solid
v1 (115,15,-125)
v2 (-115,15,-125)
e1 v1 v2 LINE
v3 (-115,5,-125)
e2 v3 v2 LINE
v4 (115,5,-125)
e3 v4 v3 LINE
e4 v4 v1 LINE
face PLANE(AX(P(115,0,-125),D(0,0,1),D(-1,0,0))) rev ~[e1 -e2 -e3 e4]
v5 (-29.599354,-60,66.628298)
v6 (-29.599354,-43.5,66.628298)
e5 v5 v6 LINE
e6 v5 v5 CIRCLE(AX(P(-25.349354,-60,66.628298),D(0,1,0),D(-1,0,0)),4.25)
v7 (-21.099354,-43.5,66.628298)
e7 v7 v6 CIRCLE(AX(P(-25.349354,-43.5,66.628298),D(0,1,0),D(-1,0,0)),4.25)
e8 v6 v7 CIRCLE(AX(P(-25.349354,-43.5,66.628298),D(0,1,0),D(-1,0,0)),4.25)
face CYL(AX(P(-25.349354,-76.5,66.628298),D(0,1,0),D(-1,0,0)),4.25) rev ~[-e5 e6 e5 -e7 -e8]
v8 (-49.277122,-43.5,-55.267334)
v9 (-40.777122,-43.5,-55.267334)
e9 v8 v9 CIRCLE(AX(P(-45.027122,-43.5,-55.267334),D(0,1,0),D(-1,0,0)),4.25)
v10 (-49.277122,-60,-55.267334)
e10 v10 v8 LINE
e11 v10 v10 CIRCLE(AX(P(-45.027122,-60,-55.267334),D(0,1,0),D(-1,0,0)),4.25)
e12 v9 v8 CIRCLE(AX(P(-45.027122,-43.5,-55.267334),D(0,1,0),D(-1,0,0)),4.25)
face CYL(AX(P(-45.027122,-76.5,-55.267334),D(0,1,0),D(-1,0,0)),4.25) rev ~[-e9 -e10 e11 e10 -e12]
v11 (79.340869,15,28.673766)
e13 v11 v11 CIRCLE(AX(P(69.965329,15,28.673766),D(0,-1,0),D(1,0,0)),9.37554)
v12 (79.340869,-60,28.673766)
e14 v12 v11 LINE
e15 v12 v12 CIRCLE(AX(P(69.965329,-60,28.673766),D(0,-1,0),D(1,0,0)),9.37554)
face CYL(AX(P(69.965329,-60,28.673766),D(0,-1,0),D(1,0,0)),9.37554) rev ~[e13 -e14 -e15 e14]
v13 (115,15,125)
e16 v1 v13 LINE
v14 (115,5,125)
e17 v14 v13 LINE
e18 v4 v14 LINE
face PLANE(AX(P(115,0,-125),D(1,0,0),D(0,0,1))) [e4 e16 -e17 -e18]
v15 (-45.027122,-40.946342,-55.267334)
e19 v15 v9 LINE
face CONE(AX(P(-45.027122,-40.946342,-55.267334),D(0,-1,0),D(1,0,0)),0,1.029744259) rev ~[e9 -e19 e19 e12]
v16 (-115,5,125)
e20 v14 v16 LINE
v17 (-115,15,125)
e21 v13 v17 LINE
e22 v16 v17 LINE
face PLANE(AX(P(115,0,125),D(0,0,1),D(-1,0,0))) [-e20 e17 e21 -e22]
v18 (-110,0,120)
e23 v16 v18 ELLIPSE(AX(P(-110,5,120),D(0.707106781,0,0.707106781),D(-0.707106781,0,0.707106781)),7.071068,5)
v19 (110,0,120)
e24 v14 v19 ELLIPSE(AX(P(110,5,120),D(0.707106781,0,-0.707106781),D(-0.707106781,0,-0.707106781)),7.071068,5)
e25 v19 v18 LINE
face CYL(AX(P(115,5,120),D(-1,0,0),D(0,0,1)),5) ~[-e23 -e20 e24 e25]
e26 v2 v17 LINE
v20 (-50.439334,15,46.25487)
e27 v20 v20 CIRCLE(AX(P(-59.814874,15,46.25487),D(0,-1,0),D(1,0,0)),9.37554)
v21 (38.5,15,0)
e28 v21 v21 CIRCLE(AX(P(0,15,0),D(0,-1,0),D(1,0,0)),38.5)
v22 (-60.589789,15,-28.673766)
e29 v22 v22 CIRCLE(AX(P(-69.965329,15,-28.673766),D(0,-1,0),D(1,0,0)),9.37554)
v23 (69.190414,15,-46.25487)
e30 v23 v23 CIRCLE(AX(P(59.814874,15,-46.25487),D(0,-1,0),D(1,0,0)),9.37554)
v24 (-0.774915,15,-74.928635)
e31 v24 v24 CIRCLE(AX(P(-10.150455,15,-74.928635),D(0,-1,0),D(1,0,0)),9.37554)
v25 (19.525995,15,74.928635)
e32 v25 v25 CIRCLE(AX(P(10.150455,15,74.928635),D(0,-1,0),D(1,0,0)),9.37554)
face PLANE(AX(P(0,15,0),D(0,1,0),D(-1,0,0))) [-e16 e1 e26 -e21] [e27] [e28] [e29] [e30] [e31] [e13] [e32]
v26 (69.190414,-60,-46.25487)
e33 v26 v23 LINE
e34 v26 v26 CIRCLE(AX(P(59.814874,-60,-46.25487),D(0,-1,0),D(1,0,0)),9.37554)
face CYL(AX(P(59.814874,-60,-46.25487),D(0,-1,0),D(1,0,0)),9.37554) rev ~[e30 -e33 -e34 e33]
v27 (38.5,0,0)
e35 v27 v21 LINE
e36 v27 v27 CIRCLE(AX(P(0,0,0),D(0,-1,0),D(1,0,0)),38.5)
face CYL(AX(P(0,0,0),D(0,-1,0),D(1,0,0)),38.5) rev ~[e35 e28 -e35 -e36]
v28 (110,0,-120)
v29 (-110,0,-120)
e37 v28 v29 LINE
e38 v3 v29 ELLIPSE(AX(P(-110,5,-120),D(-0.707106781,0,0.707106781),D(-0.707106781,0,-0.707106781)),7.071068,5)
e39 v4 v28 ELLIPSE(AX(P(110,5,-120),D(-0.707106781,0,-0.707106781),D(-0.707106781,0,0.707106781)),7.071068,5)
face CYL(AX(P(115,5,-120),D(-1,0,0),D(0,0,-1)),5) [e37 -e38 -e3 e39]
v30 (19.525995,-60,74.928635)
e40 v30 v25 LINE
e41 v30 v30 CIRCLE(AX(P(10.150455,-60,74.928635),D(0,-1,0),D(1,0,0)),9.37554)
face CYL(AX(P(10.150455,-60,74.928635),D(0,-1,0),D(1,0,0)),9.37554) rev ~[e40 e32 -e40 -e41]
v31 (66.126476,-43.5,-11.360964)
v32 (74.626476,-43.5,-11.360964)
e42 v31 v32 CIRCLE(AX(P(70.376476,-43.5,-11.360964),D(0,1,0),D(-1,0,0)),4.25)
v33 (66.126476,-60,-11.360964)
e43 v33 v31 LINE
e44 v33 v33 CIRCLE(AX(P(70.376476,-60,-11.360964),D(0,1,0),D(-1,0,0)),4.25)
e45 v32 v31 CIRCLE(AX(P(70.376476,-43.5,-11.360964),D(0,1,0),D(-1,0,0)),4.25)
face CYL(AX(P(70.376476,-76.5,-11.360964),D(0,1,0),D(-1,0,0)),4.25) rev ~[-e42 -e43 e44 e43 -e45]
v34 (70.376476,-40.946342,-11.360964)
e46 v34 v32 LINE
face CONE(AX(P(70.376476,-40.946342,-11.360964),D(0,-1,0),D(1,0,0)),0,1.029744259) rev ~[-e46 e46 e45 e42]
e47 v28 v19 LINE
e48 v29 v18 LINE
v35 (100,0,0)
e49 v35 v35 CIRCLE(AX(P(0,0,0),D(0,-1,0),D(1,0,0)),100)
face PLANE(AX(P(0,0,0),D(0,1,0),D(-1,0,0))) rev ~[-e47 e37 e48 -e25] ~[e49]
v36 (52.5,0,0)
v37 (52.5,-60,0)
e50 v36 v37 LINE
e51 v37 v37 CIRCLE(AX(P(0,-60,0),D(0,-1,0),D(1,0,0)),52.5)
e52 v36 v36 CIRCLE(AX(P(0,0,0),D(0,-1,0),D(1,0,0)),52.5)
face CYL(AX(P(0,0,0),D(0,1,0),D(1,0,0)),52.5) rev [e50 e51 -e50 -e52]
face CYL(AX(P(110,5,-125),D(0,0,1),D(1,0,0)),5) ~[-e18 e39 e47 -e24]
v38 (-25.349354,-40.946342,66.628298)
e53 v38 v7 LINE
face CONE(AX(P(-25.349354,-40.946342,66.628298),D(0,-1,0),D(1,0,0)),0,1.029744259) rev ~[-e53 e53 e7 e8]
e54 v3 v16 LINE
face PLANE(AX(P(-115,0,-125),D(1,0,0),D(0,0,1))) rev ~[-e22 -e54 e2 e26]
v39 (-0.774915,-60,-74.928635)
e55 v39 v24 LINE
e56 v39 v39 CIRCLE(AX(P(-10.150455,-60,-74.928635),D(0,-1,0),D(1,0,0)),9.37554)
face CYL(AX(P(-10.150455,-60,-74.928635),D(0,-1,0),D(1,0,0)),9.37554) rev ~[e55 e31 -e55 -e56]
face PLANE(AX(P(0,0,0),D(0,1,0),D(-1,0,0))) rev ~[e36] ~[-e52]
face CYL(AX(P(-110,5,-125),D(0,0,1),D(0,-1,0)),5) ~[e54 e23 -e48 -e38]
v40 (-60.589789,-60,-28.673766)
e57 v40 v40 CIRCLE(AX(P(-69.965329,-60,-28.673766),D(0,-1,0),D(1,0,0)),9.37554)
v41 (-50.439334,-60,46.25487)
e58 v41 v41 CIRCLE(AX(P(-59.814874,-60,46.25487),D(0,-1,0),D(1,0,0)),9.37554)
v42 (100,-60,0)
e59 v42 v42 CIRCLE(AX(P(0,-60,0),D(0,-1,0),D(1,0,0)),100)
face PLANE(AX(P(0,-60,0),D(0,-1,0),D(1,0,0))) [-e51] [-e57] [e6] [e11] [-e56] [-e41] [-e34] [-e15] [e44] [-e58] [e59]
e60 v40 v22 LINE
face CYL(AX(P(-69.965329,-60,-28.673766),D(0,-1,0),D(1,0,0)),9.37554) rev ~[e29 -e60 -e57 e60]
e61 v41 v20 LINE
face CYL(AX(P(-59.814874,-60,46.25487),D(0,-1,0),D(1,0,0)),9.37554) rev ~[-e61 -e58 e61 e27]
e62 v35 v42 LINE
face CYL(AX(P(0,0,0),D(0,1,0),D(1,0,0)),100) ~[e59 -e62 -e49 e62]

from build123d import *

# Parameters (mm, degrees)
F0_R     = 100
F0_R_2   = 52.5
F1_DEPTH = 60
F3_W     = 230
F3_H     = 250
F4_DEPTH = 15
F2_R     = 9.3755397544
F5_DEPTH = 75.001
F6_R     = 38.5
F7_DEPTH = 15.001
F9_D     = 8.5
F9_DEPTH = 16.5
F9_TIP   = 2.5536576309
F10_R    = 5


with BuildPart() as f1:
    # F0 (on Front) → F1 (new body)
    with BuildSketch(Plane.XZ):
        Circle(F0_R)
        Circle(F0_R_2, mode=Mode.SUBTRACT)
    extrude(amount=F1_DEPTH)

    # F3 (on face) → F4 (join)
    with BuildSketch(Plane(origin=(0, 0, 0), x_dir=(-1, 0, 0), z_dir=(0, 1, 0))):
        Rectangle(F3_W, F3_H)
    extrude(amount=F4_DEPTH)

    # F2 (on face) → F5 (cut, through all)
    with BuildSketch(Plane.XZ.offset(60)):
        with Locations((-59.8148740828, 46.2548695505)):
            Circle(F2_R)
        with Locations((-69.9653291208, -28.6737657046)):
            Circle(F2_R)
        with Locations((-10.150455038, -74.9286352551)):
            Circle(F2_R)
        with Locations((59.8148740828, -46.2548695505)):
            Circle(F2_R)
        with Locations((69.9653291208, 28.6737657046)):
            Circle(F2_R)
        with Locations((10.150455038, 74.9286352551)):
            Circle(F2_R)
    extrude(amount=-F5_DEPTH, mode=Mode.SUBTRACT)

    # F6 (on face) → F7 (cut, through all)
    with BuildSketch(Plane.XZ):
        Circle(F6_R)
    extrude(amount=-F7_DEPTH, mode=Mode.SUBTRACT)

    # F9
    with Locations(Plane.XZ.offset(60)):
        with Locations((-45.0271219015, -55.2673339844), (-25.3493542792, 66.6282984182), (70.3764761807, -11.3609644338)):
            Hole(F9_D / 2, depth=F9_DEPTH)
            with Locations((0, 0, -(F9_DEPTH + F9_TIP / 2))):  # 118° drill point
                Cone(0, F9_D / 2, F9_TIP, mode=Mode.SUBTRACT)

    # F10
    f10_edges = [f1.edges().sort_by_distance(p)[0] for p in [
        (0, 0, 125),
        (115, 0, 0),
        (0, 0, -125),
        (-115, 0, 0),
    ]]
    fillet(f10_edges, radius=F10_R)


solid = f1.part
